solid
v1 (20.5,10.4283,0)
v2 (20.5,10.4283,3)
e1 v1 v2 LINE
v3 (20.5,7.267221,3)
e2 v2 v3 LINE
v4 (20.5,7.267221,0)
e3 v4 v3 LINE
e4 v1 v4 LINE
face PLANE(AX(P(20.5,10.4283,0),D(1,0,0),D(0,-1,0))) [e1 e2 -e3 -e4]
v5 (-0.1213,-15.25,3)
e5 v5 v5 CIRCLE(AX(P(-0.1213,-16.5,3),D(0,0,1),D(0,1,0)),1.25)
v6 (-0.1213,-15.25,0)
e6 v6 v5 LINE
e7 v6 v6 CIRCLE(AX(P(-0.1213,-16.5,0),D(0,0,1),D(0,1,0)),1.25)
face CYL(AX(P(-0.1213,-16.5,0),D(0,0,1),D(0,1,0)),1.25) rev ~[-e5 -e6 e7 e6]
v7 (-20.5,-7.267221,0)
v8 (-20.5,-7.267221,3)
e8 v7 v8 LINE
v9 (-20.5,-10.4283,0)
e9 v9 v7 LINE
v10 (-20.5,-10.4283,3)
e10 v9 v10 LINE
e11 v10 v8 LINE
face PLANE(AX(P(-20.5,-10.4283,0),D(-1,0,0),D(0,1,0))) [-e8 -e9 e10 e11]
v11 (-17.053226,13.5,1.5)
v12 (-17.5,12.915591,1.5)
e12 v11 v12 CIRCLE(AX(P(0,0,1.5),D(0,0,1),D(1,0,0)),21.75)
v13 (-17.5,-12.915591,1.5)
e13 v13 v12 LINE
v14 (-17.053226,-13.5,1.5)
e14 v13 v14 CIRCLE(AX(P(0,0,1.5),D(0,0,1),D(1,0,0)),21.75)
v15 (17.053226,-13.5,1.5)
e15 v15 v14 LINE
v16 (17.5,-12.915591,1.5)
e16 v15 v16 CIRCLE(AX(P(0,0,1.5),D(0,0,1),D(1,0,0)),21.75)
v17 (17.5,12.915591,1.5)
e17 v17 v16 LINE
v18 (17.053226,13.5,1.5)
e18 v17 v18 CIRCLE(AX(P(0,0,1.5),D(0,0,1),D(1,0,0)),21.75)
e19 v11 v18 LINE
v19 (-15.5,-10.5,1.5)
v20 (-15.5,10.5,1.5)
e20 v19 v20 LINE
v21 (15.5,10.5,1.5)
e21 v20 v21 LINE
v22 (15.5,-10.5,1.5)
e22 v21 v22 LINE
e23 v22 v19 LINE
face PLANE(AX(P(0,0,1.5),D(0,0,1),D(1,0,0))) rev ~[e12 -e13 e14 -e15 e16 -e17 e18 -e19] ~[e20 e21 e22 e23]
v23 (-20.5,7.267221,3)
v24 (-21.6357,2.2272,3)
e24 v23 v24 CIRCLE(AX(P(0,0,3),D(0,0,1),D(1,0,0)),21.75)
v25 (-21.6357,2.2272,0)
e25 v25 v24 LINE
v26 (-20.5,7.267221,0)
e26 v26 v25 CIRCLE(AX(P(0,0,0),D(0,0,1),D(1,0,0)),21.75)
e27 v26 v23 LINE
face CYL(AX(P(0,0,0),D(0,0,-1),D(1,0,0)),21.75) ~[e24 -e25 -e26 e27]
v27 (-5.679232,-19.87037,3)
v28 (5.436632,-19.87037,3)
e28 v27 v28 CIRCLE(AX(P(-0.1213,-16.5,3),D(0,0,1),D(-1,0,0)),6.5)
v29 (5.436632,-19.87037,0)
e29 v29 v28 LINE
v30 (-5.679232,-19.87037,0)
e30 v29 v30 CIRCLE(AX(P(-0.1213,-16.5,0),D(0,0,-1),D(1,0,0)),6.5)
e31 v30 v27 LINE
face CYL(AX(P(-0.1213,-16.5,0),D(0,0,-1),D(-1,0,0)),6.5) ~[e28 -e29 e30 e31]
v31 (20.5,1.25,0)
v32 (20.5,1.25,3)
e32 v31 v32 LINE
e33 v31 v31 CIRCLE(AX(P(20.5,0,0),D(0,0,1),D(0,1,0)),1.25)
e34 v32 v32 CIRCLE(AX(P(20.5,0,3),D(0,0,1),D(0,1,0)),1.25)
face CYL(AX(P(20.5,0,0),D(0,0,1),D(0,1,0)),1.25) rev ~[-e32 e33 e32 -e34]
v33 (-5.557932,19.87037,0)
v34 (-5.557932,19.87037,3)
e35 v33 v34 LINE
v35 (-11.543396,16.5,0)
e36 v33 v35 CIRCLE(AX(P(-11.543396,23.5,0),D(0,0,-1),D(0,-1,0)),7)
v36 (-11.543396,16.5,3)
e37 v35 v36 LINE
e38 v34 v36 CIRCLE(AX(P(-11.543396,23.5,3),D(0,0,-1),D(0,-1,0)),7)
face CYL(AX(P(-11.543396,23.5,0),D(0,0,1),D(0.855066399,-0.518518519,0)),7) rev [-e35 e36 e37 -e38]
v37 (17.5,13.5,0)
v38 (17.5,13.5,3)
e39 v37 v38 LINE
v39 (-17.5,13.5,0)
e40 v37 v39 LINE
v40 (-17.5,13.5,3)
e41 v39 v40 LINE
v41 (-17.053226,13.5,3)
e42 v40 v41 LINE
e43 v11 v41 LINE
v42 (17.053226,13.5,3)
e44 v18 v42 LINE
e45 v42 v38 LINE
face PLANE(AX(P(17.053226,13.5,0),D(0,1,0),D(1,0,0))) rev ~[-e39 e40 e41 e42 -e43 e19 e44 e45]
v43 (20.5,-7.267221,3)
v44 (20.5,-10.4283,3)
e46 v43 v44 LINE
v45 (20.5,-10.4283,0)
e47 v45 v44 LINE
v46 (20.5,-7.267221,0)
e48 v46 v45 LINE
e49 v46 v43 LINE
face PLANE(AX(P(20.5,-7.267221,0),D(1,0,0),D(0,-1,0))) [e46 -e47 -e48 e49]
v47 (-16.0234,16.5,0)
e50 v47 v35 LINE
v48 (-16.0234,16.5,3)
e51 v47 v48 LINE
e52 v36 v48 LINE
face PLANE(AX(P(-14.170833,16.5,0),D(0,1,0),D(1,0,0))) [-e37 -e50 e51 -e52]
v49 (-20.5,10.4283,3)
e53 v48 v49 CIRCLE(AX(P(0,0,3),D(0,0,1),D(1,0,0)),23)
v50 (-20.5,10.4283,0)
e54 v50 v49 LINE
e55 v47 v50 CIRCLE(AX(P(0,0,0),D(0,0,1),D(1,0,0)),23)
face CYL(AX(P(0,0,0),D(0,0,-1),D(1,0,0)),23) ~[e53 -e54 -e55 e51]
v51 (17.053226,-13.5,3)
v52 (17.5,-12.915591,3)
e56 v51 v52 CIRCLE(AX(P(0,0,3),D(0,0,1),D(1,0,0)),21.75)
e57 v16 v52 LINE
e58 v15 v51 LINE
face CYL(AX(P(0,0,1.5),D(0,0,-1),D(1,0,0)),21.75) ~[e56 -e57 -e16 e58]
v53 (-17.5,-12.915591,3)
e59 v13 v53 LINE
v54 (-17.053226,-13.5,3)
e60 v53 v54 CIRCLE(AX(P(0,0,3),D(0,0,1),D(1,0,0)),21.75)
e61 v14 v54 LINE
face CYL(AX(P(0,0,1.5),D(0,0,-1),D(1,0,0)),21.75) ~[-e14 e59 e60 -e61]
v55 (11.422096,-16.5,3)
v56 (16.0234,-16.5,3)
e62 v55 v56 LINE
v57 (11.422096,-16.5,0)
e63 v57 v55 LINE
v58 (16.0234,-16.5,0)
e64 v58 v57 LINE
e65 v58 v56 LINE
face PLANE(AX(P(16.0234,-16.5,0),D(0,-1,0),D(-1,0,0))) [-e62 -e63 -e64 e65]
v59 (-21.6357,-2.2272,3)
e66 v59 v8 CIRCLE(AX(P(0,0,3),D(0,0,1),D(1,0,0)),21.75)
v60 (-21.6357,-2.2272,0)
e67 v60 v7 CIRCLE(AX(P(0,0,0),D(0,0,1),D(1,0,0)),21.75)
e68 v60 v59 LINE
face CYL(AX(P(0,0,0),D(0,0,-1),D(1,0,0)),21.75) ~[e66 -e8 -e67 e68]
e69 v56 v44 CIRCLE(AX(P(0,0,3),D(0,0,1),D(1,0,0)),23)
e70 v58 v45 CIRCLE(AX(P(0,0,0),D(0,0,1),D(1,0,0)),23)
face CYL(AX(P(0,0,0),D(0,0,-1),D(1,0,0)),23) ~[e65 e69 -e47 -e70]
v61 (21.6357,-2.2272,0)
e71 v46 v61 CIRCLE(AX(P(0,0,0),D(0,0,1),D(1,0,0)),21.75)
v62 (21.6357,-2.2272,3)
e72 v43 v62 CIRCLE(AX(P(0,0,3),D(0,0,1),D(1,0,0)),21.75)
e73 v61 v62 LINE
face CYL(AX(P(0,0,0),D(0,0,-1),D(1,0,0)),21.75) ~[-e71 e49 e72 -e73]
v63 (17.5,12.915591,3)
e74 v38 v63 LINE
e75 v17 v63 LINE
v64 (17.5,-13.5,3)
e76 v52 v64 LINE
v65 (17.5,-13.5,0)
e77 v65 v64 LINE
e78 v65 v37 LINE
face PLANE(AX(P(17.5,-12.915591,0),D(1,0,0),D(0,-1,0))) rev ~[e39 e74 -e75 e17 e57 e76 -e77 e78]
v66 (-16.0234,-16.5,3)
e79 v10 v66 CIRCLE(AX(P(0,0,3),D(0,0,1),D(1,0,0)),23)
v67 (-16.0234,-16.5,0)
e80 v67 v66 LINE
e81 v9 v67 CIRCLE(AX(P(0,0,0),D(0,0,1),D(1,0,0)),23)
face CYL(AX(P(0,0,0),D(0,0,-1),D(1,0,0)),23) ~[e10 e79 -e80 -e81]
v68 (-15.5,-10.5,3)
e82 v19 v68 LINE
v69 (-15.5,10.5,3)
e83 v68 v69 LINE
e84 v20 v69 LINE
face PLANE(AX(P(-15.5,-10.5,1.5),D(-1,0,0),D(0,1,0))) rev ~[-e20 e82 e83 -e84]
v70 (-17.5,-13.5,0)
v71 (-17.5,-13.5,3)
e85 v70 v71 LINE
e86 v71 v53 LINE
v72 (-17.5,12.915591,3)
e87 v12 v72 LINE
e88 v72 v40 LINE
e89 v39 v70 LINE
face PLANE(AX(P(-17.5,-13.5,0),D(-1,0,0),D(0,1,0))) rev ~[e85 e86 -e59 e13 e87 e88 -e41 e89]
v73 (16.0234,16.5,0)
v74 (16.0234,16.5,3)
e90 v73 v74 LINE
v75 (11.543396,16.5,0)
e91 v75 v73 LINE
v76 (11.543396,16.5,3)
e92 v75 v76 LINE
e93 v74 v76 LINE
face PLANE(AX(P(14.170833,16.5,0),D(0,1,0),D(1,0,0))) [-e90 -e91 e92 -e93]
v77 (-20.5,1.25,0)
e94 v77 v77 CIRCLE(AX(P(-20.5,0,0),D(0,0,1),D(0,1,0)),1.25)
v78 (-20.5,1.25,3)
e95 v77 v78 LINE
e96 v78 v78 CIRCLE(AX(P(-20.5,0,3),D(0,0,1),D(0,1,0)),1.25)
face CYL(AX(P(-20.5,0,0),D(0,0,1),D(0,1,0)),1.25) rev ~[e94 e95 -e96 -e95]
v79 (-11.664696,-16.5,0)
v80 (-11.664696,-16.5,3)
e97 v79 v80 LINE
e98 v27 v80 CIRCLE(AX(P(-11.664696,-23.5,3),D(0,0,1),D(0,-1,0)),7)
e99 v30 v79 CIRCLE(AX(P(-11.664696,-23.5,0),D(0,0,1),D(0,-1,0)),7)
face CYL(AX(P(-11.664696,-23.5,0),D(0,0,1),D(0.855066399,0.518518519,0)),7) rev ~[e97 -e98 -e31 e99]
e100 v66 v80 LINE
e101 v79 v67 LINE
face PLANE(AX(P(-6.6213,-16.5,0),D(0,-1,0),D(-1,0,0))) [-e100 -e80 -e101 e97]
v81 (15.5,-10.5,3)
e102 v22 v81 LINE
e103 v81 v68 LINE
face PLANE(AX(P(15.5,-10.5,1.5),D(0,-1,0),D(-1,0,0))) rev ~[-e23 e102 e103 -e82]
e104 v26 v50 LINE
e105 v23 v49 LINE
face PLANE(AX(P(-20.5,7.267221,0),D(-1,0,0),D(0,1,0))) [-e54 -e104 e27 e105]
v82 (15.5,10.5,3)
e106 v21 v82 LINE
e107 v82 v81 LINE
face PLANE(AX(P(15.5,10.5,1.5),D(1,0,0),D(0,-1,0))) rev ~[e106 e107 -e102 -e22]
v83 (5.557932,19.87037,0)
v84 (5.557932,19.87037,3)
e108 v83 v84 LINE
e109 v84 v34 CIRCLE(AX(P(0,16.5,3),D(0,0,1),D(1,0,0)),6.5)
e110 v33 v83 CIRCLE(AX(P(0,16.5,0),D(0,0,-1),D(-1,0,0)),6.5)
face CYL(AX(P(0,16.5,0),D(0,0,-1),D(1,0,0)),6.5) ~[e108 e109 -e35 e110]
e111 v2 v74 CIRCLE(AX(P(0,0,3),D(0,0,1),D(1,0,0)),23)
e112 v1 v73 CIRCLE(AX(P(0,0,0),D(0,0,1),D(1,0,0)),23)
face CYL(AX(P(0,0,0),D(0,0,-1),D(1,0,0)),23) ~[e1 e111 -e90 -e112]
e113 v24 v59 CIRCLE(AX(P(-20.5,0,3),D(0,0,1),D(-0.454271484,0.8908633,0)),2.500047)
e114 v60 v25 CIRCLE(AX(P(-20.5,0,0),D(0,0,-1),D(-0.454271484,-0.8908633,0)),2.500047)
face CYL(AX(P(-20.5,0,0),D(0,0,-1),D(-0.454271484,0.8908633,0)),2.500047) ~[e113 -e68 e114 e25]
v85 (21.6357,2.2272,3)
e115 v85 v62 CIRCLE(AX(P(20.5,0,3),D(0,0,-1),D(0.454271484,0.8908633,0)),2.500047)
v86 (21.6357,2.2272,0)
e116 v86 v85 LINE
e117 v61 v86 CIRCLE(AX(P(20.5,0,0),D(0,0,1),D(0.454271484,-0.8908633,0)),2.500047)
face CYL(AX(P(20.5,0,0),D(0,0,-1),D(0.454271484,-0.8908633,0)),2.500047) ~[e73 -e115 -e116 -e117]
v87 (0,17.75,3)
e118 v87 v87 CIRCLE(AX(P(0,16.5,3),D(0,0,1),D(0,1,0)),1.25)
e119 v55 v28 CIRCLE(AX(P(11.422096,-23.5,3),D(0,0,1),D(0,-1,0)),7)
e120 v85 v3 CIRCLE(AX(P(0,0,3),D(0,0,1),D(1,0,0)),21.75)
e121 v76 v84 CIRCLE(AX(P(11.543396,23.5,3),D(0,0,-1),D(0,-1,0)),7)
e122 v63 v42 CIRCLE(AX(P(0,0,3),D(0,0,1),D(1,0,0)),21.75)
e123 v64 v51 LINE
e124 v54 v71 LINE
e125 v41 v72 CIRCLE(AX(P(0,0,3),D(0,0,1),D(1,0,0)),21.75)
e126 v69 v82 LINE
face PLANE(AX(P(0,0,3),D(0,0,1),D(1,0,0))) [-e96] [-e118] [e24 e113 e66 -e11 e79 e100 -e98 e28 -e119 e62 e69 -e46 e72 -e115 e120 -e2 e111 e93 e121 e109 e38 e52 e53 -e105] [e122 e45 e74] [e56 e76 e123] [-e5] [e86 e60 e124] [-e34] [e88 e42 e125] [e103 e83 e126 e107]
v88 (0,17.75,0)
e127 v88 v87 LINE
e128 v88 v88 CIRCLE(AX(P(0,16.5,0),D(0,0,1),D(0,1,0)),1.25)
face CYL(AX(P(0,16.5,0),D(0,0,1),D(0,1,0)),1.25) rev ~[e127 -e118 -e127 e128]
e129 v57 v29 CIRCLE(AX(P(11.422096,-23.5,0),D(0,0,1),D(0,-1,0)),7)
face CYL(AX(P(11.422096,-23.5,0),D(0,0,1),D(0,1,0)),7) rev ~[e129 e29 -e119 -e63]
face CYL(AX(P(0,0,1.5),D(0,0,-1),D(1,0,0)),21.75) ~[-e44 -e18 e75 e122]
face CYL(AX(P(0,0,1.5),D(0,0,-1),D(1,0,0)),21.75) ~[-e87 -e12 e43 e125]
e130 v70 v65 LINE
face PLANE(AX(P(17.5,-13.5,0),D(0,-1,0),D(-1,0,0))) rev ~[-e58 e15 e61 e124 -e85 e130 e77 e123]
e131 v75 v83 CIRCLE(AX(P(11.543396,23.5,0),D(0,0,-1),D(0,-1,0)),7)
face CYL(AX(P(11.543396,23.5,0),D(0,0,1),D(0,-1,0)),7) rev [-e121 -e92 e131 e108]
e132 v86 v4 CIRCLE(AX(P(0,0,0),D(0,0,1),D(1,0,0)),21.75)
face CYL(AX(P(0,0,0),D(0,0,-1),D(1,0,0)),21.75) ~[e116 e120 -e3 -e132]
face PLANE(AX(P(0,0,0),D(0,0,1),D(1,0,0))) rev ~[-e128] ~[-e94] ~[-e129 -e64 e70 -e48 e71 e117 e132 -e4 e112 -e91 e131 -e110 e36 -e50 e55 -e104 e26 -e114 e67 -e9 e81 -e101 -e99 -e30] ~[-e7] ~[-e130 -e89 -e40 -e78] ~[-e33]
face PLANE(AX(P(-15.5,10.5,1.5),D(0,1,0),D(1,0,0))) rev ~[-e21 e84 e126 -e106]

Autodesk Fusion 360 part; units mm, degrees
sketch "Skizze1" plane through (0, 0, 0) normal (0, 0, 1) x (1, 0, 0)
  circle A0 centre (0, 0) radius 24.75
  circle A1 centre (0, 0) radius 21.75
  line L0 (-17.5, 13.5) -> (17.5, 13.5)
  line L1 (17.5, 13.5) -> (17.5, -13.5)
  line L2 (17.5, -13.5) -> (-17.5, -13.5)
  line L3 (-17.5, -13.5) -> (-17.5, 13.5)
  line L4 (-40, 0) -> (50, 0) construction
  line L5 (0, 45.7661) -> (0, -44.2339) construction
  line L6 (-16.0234, 16.5) -> (16.0234, 16.5)
  line L7 (20.5, 10.4283) -> (20.5, -10.4283)
  line L8 (16.0234, -16.5) -> (-16.0234, -16.5)
  line L9 (-20.5, -10.4283) -> (-20.5, 10.4283)
  arc A2 (6.5, 16.5) -> (-6.5, 16.5) centre (0, 16.5) ccw
  arc A3 (-6.6213, -16.5) -> (6.3787, -16.5) centre (-0.1213, -16.5) ccw
  arc A4 (-21.6357, 2.2272) -> (-21.6357, -2.2272) centre (-20.5, 0) ccw
  arc A5 (21.6357, -2.2272) -> (21.6357, 2.2272) centre (20.5, 0) ccw
  circle A6 centre (0, 0) radius 23
  line L10 (-14.5, -7.5) -> (14.5, -7.5)
  line L11 (14.5, -7.5) -> (14.5, 7.5)
  line L12 (14.5, 7.5) -> (-14.5, 7.5)
  line L13 (-14.5, 7.5) -> (-14.5, -7.5)
  line L14 (-15.5, 10.5) -> (15.5, 10.5)
  line L15 (15.5, 10.5) -> (15.5, -10.5)
  line L16 (15.5, -10.5) -> (-15.5, -10.5)
  line L17 (-15.5, -10.5) -> (-15.5, 10.5)
  dimension "d1" = 49.5
  dimension "d3" = 3
  dimension "d4" = 27
  dimension "d5" = 35
  dimension "d6" = 3
  dimension "d7" = 3
  dimension "d8" = 3
  dimension "d9" = 3
  dimension "d18" = 46
  dimension "d19" = 29
  dimension "d20" = 15
  dimension "d27" = 3
  dimension "d28" = 3
  dimension "d29" = 2
  dimension "d30" = 2
  dimension "d40" = 33
extrude "Extrusion5" add sketch "Skizze1" along normal blind 3 contours A1 L7 | A1 A5 | A1 L1 L7 | A1 L0 L1 L6 L7 A6 | A1 L1 L2 L7 L8 A6 | A1 L0 L6 | A1 L2 L8 | A1 L0 L3 L6 L9 A6 | A1 A2 | A1 A3 | A1 L2 L3 L8 L9 A6 | A1 L6 A2 | A1 L3 L9 | A1 L8 A3 | A1 L9 | A1 A4 picked at (0.4894, 18.2335) picked at (-0.6234, -18.2297)
extrude "Extrusion6" add sketch "Skizze1" along normal up to surface (1.5 mm away) from surface at 1.5 contours A1 L0 L1 L2 L3
hole "Bohrung1" at (0, 16.5, 0) at (20.5, 0, 0) at (-0.1213, -16.5, 0) at (-20.5, 0, 0) direction (0, 0, 1) diameter 2.5 end through all
fillet "Abrundung1" radius 7 4 edges at (-6.6213, -16.5, 1.5) (6.3787, -16.5, 1.5) (6.5, 16.5, 1.5) (-6.5, 16.5, 1.5)
